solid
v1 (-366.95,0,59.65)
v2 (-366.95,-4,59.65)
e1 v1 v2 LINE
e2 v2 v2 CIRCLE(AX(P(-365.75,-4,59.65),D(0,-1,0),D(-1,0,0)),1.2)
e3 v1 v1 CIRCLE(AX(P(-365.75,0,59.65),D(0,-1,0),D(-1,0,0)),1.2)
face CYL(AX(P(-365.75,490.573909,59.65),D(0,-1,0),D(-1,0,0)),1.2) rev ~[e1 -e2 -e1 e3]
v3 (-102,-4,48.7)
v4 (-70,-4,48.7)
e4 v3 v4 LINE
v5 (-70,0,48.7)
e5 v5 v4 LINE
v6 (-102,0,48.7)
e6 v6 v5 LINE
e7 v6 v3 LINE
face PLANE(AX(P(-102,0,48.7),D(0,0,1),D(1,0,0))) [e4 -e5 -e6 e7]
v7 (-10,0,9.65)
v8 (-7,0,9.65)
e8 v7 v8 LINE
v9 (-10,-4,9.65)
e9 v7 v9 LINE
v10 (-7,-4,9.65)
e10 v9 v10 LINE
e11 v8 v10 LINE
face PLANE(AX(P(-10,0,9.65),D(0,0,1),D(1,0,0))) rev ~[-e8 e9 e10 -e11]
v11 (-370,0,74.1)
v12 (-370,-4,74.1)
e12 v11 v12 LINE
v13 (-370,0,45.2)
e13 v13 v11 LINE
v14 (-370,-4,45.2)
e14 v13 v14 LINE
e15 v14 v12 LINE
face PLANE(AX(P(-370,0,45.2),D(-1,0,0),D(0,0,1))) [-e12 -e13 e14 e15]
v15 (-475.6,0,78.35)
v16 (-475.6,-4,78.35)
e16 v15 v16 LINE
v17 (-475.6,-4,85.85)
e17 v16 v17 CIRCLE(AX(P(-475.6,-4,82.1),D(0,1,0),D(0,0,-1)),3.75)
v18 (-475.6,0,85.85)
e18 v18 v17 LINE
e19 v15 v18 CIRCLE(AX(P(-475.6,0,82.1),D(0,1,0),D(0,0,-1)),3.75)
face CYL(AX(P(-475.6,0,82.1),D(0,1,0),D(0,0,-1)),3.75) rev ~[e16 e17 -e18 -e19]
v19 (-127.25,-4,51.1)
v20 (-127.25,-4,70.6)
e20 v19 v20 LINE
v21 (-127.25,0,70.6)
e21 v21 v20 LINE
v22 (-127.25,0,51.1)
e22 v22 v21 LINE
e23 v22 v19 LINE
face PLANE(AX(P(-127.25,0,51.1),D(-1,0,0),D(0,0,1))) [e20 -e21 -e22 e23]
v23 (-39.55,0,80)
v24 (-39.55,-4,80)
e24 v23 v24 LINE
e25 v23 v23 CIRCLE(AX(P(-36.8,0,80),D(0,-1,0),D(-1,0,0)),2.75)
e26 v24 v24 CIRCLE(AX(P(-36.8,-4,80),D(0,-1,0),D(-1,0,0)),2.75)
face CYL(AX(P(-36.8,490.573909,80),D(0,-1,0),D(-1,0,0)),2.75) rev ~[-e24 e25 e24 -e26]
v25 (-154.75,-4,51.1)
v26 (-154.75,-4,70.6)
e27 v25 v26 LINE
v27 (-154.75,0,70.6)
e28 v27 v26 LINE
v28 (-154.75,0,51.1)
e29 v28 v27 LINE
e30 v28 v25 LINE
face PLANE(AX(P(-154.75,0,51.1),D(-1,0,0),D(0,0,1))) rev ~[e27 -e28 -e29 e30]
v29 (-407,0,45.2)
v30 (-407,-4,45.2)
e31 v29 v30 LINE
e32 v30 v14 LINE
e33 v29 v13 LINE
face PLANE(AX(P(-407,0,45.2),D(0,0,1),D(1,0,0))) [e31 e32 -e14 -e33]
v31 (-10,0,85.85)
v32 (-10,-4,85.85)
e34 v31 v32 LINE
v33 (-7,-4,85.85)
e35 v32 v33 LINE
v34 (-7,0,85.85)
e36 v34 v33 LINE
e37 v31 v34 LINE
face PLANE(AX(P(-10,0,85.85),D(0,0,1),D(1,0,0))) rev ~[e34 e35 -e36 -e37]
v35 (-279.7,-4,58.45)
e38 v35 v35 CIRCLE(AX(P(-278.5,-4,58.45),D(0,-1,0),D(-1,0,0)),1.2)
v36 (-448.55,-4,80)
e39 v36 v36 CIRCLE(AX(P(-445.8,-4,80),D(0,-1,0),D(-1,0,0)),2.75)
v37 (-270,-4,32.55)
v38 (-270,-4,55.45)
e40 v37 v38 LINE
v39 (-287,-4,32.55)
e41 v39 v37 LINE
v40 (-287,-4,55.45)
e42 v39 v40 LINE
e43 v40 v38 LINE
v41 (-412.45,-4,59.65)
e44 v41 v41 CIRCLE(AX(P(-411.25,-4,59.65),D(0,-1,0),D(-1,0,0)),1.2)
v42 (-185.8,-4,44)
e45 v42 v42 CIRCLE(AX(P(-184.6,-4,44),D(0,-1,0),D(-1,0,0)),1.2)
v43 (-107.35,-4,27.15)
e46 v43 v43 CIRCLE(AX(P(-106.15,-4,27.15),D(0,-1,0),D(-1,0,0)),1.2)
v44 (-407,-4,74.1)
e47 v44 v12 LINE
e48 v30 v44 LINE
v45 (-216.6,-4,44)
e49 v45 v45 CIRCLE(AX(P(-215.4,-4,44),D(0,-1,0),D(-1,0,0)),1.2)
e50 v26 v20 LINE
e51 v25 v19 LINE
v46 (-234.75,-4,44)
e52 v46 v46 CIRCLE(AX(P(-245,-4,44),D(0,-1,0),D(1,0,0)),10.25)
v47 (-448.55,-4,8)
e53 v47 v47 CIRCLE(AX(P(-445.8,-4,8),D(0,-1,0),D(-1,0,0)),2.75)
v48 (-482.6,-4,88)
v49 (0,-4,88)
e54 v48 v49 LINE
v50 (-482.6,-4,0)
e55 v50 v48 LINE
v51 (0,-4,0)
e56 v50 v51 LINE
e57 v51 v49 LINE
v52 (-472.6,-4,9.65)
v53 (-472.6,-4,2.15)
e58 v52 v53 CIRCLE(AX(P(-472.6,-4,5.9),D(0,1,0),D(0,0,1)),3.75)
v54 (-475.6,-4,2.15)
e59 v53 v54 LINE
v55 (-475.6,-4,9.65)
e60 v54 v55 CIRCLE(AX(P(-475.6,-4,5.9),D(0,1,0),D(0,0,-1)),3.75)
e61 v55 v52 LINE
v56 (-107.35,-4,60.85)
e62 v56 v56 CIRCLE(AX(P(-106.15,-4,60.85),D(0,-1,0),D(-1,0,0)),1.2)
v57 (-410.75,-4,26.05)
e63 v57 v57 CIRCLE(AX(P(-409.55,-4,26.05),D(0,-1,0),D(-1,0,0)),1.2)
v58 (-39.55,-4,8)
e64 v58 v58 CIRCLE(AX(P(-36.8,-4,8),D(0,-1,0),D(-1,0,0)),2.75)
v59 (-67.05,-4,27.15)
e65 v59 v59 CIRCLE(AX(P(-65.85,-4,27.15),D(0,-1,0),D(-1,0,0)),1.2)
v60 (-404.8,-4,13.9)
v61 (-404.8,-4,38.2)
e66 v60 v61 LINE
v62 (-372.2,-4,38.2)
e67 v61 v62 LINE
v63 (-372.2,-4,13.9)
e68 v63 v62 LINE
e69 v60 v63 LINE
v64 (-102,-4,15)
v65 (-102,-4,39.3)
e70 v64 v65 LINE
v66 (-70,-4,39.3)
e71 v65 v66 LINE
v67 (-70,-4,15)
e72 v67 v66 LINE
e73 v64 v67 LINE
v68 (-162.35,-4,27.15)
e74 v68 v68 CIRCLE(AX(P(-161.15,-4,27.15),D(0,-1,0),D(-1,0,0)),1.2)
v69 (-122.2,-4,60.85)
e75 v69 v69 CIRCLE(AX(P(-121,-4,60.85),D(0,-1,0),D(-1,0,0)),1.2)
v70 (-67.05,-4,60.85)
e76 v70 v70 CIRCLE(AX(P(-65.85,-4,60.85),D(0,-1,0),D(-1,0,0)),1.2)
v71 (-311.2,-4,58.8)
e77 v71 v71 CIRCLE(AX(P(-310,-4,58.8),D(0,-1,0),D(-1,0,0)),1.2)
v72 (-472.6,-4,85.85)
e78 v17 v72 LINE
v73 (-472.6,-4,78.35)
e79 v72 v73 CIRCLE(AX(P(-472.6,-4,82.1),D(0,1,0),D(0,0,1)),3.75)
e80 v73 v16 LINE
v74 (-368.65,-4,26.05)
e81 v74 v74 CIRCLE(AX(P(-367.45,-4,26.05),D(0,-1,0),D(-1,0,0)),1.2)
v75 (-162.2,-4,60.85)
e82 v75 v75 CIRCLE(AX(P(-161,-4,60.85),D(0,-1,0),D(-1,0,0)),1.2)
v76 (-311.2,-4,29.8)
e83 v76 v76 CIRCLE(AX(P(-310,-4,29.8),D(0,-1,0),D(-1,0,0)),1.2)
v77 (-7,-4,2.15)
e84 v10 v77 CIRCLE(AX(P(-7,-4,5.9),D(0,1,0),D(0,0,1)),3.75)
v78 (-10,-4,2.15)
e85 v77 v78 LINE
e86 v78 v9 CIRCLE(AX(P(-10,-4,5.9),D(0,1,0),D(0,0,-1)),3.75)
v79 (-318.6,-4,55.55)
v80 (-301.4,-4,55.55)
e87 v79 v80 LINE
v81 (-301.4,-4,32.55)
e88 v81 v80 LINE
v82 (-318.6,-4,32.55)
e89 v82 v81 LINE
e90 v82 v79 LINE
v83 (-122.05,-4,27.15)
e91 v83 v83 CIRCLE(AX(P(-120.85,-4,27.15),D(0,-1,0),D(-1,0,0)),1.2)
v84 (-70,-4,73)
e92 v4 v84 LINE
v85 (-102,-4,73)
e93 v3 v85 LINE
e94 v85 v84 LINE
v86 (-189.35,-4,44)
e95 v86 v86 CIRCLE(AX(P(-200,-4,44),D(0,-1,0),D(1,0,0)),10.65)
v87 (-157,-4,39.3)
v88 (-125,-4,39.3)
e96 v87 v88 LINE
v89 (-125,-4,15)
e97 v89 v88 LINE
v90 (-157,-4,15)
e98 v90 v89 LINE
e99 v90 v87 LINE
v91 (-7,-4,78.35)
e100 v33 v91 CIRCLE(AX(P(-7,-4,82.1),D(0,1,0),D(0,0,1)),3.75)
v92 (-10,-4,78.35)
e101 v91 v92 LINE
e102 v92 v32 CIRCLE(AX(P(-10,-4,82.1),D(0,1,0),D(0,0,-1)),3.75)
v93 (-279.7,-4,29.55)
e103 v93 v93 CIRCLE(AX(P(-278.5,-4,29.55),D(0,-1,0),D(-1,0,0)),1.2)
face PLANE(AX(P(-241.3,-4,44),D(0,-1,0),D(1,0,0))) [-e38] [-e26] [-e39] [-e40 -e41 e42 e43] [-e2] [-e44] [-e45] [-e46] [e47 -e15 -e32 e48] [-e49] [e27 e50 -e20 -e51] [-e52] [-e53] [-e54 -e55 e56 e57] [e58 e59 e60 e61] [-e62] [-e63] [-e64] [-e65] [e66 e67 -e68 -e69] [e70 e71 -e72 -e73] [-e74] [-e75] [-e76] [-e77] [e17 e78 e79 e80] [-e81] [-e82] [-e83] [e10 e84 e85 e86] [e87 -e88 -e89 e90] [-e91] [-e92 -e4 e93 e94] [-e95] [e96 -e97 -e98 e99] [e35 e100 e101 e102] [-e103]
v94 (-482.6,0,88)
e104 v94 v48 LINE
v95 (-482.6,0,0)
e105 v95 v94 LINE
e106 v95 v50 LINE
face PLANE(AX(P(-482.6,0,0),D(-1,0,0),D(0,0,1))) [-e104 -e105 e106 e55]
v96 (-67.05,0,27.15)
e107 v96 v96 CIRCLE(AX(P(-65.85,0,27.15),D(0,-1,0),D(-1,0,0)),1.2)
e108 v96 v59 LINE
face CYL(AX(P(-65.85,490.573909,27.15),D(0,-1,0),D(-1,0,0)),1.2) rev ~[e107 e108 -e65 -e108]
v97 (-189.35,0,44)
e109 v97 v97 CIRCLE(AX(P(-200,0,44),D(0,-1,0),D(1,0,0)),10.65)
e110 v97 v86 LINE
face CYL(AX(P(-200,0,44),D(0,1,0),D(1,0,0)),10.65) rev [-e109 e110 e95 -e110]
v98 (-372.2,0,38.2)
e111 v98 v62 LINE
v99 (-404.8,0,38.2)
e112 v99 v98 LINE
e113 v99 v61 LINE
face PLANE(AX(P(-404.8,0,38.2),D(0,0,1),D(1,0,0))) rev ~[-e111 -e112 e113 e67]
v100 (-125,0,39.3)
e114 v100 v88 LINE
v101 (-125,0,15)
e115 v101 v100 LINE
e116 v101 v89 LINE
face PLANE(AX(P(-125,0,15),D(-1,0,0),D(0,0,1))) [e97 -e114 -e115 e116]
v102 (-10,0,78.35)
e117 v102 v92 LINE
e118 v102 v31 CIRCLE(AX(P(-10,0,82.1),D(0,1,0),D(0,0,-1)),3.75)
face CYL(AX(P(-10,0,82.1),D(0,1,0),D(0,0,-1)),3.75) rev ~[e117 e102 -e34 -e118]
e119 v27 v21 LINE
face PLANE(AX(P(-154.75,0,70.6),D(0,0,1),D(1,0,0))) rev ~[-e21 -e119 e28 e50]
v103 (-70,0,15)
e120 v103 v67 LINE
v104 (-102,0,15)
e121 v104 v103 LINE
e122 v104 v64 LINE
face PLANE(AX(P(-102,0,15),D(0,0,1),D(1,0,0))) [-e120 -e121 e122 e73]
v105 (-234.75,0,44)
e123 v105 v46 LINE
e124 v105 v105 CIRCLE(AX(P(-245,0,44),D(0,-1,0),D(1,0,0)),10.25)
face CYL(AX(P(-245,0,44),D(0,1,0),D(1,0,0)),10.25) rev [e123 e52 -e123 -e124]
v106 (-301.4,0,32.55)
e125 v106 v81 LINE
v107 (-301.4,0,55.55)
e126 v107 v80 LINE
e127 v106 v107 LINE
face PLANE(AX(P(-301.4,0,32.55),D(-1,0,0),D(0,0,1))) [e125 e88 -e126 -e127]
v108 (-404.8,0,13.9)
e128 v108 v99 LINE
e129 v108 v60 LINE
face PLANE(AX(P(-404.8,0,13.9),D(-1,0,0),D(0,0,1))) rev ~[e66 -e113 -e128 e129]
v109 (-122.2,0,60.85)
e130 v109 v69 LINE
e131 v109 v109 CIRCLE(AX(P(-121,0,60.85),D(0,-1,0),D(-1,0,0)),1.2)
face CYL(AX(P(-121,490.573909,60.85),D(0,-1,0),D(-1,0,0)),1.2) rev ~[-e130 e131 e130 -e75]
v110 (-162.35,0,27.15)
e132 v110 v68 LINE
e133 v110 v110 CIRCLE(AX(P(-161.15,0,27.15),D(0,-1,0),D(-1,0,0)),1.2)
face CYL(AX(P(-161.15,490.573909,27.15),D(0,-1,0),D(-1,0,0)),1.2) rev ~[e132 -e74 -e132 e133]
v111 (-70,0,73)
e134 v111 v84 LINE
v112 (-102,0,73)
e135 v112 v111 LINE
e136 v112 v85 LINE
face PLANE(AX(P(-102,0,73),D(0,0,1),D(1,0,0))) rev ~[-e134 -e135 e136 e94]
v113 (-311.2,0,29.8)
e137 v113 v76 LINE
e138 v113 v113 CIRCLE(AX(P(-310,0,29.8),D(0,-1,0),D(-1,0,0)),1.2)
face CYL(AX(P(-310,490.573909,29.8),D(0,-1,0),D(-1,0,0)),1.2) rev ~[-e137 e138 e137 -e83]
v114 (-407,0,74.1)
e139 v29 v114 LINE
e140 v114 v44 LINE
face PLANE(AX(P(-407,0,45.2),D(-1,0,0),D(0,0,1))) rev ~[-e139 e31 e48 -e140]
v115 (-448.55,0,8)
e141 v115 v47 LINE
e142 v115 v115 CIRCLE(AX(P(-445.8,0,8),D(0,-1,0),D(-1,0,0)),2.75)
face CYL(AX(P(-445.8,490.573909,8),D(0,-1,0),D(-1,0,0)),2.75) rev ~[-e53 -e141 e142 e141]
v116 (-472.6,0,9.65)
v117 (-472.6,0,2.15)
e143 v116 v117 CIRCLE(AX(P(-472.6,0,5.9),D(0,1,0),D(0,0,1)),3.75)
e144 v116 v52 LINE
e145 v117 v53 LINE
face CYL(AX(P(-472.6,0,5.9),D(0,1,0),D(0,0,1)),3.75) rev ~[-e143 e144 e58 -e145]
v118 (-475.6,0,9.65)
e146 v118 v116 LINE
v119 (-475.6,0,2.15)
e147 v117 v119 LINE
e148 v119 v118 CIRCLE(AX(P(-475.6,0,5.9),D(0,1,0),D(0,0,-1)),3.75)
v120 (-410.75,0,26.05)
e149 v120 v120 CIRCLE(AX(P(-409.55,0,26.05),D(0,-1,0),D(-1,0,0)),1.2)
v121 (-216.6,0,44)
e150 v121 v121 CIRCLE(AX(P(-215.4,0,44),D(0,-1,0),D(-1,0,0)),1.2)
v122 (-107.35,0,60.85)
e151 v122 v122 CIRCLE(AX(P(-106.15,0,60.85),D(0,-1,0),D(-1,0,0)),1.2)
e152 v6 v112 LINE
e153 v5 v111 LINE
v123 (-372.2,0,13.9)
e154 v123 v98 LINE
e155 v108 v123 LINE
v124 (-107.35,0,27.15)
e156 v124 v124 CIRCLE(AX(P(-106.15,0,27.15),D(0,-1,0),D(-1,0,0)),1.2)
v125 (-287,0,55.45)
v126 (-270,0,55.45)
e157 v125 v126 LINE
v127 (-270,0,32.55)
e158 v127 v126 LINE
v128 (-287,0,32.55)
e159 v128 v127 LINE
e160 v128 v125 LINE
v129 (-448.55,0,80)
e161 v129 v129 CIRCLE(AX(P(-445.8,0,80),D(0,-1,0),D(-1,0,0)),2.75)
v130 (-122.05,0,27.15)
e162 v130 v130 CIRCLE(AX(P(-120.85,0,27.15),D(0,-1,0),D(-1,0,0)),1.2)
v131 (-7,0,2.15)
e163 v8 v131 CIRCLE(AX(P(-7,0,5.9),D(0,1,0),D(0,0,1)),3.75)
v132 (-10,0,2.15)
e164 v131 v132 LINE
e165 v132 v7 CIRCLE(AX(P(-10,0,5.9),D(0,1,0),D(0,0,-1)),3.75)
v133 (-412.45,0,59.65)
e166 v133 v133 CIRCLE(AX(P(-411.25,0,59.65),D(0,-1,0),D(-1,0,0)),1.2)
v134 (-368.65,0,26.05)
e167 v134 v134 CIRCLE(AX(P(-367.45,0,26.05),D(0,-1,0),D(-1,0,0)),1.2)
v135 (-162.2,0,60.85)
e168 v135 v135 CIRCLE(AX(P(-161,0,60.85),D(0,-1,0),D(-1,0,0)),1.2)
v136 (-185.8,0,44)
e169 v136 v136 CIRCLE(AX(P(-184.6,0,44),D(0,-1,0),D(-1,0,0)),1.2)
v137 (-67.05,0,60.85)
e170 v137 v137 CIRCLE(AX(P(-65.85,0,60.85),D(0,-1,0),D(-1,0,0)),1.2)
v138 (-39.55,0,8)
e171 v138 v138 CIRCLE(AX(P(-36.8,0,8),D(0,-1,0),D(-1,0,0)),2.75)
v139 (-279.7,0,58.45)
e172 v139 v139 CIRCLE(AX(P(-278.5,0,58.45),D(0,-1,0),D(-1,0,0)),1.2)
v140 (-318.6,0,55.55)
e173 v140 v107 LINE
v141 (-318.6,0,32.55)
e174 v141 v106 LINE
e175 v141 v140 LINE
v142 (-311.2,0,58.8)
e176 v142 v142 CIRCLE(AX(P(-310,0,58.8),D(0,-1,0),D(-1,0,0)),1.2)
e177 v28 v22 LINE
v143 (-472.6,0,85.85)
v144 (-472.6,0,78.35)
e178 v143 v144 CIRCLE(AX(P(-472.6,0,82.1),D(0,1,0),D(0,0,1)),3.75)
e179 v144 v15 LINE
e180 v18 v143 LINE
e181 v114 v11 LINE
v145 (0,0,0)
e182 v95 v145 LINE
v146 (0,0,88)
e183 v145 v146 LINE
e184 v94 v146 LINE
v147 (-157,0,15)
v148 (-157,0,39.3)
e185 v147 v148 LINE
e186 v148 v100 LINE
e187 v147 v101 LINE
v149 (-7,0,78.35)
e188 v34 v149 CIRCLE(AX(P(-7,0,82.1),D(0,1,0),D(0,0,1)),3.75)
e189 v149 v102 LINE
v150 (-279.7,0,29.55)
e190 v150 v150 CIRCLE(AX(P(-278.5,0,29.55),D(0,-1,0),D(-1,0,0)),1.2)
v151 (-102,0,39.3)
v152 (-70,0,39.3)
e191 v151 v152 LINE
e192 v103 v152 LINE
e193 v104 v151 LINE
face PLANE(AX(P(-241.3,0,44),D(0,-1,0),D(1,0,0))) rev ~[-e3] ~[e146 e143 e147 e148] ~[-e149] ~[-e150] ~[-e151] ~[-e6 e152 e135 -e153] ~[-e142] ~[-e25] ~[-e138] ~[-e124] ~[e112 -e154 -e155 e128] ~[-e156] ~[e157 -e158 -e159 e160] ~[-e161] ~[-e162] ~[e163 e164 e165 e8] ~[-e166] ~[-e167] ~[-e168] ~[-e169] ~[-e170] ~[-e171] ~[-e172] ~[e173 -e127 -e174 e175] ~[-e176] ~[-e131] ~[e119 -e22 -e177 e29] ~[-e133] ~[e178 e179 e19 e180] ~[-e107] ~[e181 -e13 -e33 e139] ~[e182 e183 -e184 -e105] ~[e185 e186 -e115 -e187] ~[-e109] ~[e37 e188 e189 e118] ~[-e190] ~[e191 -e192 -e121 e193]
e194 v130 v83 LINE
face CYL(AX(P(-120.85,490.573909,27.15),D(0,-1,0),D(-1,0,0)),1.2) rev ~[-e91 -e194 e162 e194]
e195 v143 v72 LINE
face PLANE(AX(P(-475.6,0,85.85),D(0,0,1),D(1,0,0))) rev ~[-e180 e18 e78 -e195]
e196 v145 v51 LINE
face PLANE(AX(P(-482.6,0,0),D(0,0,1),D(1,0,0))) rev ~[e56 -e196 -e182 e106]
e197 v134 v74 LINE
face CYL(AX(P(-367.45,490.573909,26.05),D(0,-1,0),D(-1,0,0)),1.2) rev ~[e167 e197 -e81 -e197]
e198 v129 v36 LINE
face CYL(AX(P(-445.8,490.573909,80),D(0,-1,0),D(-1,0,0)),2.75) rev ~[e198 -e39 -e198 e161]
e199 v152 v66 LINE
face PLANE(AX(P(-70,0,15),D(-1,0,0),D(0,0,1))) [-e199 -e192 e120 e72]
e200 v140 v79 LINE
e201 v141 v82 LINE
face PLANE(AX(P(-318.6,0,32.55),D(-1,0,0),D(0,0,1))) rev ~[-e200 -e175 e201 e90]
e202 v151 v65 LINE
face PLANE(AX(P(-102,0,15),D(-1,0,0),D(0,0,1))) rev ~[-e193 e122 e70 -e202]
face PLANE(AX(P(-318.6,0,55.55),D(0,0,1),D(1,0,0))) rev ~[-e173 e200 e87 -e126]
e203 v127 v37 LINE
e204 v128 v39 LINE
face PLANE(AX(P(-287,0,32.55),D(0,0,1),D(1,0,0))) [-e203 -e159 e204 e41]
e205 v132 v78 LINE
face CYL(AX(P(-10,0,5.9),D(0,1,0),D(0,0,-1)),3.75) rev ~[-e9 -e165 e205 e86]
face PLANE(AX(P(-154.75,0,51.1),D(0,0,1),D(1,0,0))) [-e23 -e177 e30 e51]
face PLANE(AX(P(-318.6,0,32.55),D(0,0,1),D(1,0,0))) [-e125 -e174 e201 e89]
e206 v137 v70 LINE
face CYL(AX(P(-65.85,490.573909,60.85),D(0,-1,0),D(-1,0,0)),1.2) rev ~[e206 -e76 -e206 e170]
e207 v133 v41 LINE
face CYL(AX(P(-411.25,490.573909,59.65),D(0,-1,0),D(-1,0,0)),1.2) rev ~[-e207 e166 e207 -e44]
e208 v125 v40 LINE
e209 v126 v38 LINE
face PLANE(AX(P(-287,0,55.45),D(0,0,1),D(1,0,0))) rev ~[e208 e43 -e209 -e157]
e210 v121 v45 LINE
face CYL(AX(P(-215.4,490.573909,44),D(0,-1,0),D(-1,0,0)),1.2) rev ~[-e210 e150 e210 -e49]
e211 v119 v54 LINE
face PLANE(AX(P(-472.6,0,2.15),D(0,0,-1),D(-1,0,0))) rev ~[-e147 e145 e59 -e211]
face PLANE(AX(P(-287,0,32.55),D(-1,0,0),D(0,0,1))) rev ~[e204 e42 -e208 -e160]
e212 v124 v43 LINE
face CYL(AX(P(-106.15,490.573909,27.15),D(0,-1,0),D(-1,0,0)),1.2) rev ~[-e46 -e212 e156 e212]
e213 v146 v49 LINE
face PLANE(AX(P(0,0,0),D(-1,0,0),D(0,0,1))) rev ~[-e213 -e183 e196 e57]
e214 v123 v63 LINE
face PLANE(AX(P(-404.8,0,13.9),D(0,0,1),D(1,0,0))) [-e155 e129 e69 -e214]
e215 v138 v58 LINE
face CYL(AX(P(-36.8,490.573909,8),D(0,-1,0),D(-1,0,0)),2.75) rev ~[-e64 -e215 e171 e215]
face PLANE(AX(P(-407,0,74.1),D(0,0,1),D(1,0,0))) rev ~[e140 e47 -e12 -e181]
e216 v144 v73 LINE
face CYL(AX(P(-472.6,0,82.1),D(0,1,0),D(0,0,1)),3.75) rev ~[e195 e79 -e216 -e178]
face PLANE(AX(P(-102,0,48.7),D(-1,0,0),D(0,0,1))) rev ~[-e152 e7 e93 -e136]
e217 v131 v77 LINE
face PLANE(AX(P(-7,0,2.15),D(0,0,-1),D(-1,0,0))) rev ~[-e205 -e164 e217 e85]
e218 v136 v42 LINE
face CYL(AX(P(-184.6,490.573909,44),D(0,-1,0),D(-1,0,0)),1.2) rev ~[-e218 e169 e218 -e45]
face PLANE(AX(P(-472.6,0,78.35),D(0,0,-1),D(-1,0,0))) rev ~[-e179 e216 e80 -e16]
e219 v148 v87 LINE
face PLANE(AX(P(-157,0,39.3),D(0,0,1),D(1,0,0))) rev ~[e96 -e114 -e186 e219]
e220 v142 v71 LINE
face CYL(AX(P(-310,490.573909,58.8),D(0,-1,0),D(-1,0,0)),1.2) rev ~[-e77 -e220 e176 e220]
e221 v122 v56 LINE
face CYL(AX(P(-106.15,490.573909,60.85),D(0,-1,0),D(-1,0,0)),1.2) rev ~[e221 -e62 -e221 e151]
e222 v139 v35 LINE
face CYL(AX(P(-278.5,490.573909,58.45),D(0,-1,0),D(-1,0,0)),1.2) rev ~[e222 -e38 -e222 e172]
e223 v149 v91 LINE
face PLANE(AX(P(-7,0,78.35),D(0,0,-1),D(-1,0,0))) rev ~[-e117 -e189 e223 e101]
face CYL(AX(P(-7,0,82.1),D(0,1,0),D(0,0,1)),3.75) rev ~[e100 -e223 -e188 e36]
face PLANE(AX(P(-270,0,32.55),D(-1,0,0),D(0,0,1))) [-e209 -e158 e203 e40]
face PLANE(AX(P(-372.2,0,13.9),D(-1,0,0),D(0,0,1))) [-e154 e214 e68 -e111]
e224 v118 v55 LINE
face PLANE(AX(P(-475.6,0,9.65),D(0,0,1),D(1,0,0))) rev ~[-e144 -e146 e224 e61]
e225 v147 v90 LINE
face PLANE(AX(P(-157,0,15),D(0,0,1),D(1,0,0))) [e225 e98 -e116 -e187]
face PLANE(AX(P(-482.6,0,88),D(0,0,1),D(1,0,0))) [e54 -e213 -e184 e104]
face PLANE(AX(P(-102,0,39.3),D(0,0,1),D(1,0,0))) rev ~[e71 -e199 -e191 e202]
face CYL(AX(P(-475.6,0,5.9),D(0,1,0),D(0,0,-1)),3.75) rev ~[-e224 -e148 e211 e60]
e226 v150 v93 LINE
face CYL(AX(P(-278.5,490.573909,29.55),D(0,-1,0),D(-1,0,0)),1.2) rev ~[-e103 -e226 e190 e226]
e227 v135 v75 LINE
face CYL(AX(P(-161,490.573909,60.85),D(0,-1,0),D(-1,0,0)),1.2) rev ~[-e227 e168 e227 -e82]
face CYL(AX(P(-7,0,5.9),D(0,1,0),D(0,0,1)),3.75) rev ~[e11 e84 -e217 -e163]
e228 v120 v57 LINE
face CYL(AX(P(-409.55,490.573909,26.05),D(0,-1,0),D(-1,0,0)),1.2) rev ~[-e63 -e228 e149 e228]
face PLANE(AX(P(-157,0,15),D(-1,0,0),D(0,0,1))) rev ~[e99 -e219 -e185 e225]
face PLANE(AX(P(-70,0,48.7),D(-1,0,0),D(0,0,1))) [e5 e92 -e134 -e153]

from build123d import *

# Parameters (mm, degrees)
F0_W     = 482.6
F0_H     = 88
F0_W_2   = 32.6
F0_H_2   = 24.3
F0_W_3   = 32
F0_W_4   = 37
F0_H_3   = 28.9
F0_W_5   = 17.2
F0_H_4   = 23
F0_W_6   = 17
F0_H_5   = 22.9
F0_R     = 10.25
F0_R_2   = 10.65
F0_W_7   = 27.5
F0_H_6   = 19.5
F1_DEPTH = 4
F2_D     = 5.5
F3_D     = 2.4


with BuildPart() as f1:
    # F0 (on Front) → F1 (new body)
    with BuildSketch(Plane.XZ):
        with Locations((-241.3, 44)):
            Rectangle(F0_W, F0_H)
        with BuildLine():
            ThreePointArc((-475.6, 2.15), (-479.35, 5.9), (-475.6, 9.65))
            Line((-475.6, 9.65), (-472.6, 9.65))
            ThreePointArc((-472.6, 9.65), (-468.85, 5.9), (-472.6, 2.15))
            Line((-472.6, 2.15), (-475.6, 2.15))
        make_face(mode=Mode.SUBTRACT)
        with Locations((-388.5, 26.05)):
            Rectangle(F0_W_2, F0_H_2, mode=Mode.SUBTRACT)
        with BuildLine():
            ThreePointArc((-10, 2.15), (-13.75, 5.9), (-10, 9.65))
            Line((-10, 9.65), (-7, 9.65))
            ThreePointArc((-7, 9.65), (-3.25, 5.9), (-7, 2.15))
            Line((-7, 2.15), (-10, 2.15))
        make_face(mode=Mode.SUBTRACT)
        with Locations((-141, 27.15)):
            Rectangle(F0_W_3, F0_H_2, mode=Mode.SUBTRACT)
        with Locations((-86, 27.15)):
            Rectangle(F0_W_3, F0_H_2, mode=Mode.SUBTRACT)
        with Locations((-388.5, 59.65)):
            Rectangle(F0_W_4, F0_H_3, mode=Mode.SUBTRACT)
        with Locations((-310, 44.05)):
            Rectangle(F0_W_5, F0_H_4, mode=Mode.SUBTRACT)
        with Locations((-278.5, 44)):
            Rectangle(F0_W_6, F0_H_5, mode=Mode.SUBTRACT)
        with Locations((-245, 44)):
            Circle(F0_R, mode=Mode.SUBTRACT)
        with BuildLine():
            ThreePointArc((-475.6, 78.35), (-479.35, 82.1), (-475.6, 85.85))
            Line((-475.6, 85.85), (-472.6, 85.85))
            ThreePointArc((-472.6, 85.85), (-468.85, 82.1), (-472.6, 78.35))
            Line((-472.6, 78.35), (-475.6, 78.35))
        make_face(mode=Mode.SUBTRACT)
        with Locations((-200, 44)):
            Circle(F0_R_2, mode=Mode.SUBTRACT)
        with Locations((-141, 60.85)):
            Rectangle(F0_W_7, F0_H_6, mode=Mode.SUBTRACT)
        with Locations((-86, 60.85)):
            Rectangle(F0_W_3, F0_H_2, mode=Mode.SUBTRACT)
        with BuildLine():
            ThreePointArc((-10, 78.35), (-13.75, 82.1), (-10, 85.85))
            Line((-10, 85.85), (-7, 85.85))
            ThreePointArc((-7, 85.85), (-3.25, 82.1), (-7, 78.35))
            Line((-7, 78.35), (-10, 78.35))
        make_face(mode=Mode.SUBTRACT)
    extrude(amount=F1_DEPTH)

    # F2 (through all)
    with Locations(Plane(origin=(0, 0, 0), x_dir=(1, 0, 0), z_dir=(0, 1, 0))):
        with Locations((-445.8, -80), (-445.8, -8), (-36.8, -80), (-36.8, -8)):
            Hole(F2_D / 2)

    # F3 (through all)
    with Locations(Plane(origin=(0, 0, 0), x_dir=(1, 0, 0), z_dir=(0, 1, 0))):
        with Locations((-121, -60.85), (-184.6, -44), (-215.4, -44), (-161, -60.85), (-278.5, -58.45), (-278.5, -29.55), (-365.75, -59.65), (-411.25, -59.65), (-409.55, -26.05), (-367.45, -26.05), (-106.15, -60.85), (-65.85, -60.85), (-65.85, -27.15), (-106.15, -27.15), (-310, -58.8), (-310, -29.8), (-161.15, -27.15), (-120.85, -27.15)):
            Hole(F3_D / 2)


solid = f1.part
